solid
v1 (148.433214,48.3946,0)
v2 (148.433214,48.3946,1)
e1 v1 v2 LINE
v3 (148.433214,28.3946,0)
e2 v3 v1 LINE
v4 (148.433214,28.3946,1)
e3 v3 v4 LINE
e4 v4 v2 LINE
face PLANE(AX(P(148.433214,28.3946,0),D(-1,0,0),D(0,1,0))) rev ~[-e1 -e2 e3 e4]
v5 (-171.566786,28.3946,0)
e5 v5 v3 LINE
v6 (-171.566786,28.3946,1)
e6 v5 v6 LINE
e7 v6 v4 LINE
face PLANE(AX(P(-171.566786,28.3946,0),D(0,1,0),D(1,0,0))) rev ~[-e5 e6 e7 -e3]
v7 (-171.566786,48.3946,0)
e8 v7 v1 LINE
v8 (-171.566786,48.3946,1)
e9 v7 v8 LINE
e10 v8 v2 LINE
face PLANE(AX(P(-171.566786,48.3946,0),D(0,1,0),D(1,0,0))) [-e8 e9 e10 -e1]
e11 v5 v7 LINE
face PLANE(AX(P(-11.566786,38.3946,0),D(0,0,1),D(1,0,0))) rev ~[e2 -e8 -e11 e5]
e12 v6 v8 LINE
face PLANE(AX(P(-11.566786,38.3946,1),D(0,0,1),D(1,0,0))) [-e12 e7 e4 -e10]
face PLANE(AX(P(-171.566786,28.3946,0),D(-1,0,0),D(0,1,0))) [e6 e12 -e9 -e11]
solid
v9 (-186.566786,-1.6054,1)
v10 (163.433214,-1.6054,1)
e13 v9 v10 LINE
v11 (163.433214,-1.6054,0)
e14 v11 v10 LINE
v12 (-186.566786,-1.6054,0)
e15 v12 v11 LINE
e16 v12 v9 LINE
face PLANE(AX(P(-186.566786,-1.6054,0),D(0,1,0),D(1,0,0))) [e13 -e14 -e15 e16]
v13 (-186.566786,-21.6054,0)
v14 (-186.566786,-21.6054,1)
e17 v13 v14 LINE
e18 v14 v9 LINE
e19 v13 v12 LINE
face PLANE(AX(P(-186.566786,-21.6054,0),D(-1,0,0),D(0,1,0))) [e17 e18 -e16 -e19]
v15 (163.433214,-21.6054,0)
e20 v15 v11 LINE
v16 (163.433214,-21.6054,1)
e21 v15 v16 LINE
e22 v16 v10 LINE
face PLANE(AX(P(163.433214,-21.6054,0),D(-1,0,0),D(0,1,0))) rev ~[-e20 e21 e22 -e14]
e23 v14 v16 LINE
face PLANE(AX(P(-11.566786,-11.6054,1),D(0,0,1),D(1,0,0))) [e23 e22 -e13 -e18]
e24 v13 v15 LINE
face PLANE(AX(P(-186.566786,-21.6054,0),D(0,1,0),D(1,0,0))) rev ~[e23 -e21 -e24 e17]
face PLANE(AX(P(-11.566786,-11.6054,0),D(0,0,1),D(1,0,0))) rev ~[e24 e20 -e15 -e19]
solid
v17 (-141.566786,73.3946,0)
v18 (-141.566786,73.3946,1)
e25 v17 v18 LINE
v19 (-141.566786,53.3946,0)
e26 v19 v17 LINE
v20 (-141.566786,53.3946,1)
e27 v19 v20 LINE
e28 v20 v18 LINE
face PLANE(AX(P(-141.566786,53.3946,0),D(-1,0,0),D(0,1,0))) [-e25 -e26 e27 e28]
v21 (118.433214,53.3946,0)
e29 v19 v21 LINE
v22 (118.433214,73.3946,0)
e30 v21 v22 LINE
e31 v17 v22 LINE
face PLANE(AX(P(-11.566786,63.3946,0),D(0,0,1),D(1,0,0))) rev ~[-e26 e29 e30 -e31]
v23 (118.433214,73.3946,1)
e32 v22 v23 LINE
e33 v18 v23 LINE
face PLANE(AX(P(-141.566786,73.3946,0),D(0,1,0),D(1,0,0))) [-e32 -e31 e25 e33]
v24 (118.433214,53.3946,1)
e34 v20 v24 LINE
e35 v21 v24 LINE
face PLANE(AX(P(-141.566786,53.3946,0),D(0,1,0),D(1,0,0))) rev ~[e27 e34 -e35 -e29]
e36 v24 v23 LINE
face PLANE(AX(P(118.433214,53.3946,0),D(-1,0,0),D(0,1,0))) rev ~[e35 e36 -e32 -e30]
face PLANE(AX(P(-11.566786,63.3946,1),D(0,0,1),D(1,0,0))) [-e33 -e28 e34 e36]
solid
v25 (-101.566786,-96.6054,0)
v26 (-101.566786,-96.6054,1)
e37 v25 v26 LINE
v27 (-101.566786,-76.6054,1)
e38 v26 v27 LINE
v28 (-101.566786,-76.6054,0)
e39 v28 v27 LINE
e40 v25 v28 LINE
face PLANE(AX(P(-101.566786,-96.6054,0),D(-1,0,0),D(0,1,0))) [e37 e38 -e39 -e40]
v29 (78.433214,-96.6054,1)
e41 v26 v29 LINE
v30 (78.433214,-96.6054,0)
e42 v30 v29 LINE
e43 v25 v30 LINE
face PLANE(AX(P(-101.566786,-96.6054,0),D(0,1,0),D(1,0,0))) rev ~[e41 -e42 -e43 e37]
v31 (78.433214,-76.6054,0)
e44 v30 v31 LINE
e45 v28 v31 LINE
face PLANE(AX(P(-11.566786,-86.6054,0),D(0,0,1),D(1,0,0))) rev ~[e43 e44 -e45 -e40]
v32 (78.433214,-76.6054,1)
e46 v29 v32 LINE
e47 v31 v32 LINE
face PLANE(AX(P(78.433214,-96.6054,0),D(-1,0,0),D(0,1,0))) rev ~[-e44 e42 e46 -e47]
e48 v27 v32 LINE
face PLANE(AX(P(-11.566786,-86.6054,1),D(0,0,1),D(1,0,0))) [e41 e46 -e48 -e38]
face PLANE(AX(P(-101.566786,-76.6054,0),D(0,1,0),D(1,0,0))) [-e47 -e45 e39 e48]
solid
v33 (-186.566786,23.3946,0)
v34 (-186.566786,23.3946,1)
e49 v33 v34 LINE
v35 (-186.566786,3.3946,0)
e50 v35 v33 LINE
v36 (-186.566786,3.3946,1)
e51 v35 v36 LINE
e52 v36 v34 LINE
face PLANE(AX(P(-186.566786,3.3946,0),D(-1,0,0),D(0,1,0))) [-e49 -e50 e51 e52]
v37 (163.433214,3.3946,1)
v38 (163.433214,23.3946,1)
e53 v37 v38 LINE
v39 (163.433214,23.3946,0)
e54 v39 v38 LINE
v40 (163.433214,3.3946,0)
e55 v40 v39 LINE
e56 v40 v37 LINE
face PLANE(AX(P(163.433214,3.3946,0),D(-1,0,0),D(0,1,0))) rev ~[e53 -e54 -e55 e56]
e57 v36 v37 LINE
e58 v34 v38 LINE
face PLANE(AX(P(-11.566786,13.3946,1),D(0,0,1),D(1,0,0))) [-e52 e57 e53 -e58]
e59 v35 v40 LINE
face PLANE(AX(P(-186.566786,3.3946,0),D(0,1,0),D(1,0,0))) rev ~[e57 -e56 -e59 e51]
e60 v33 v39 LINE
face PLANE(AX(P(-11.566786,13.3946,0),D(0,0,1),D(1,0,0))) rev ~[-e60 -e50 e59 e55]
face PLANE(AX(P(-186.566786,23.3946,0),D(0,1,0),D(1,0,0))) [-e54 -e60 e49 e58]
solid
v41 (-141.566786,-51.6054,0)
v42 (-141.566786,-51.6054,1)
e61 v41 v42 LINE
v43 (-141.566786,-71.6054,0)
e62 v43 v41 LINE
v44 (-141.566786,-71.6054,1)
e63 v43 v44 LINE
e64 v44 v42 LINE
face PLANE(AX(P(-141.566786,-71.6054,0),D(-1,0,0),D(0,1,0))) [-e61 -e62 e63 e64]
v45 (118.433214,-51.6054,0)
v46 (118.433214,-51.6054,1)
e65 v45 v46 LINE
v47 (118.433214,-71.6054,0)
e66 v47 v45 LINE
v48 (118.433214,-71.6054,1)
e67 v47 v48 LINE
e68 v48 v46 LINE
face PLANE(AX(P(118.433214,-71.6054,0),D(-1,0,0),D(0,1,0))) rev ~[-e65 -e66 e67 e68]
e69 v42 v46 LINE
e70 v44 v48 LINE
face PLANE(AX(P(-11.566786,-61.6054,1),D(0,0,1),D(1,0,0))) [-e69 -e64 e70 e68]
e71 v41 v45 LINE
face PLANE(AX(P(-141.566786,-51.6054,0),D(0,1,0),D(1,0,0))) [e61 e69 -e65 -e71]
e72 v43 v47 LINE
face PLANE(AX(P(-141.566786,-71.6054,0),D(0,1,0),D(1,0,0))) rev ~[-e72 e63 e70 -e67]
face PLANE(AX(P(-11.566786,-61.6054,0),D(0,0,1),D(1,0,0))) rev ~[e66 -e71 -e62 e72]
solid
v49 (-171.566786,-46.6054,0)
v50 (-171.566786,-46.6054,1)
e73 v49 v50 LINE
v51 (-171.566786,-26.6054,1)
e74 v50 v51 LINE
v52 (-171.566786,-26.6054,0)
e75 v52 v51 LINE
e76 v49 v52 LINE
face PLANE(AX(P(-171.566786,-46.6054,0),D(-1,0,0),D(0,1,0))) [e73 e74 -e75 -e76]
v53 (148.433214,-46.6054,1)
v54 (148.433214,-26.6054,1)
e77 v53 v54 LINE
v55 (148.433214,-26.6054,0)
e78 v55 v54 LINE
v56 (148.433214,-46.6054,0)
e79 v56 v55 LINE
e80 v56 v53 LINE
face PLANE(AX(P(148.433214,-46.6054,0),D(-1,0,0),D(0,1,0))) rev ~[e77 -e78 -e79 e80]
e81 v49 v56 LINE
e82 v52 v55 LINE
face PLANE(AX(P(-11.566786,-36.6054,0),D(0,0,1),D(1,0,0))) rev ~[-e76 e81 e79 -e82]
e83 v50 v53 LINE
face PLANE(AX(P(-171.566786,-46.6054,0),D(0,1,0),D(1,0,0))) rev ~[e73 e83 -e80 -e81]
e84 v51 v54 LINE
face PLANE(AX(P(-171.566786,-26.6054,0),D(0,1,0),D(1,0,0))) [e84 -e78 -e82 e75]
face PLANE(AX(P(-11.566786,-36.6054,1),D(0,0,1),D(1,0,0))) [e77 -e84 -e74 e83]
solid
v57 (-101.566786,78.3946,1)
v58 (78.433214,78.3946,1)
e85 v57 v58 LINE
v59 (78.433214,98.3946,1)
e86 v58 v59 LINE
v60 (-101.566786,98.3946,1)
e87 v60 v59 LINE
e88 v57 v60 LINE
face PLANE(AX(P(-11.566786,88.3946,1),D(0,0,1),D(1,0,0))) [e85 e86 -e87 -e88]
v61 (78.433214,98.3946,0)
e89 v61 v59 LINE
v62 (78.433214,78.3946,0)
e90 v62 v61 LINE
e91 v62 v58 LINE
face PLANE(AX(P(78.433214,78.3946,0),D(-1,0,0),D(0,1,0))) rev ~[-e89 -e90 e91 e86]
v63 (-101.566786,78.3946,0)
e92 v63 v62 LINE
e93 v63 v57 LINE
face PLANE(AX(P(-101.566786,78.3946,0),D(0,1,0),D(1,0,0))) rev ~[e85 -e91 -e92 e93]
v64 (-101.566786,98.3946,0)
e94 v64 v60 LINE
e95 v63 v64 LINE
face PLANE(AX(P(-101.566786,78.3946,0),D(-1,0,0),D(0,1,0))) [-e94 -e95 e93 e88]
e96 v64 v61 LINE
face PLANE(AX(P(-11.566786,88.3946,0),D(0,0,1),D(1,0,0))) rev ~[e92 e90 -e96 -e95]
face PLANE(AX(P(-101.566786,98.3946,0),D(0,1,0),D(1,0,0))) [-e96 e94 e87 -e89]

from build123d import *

# Parameters (mm, degrees)
ESQUISSE1_W          = 350
ESQUISSE1_H          = 20
BOSS_EXTRU_1_DEPTH   = 1
ESQUISSE1_W_2        = 320
BOSS_EXTRU_1_2_DEPTH = 1
ESQUISSE1_W_3        = 260
BOSS_EXTRU_1_3_DEPTH = 1
ESQUISSE1_W_4        = 180
BOSS_EXTRU_1_4_DEPTH = 1
BOSS_EXTRU_1_5_DEPTH = 1
BOSS_EXTRU_1_6_DEPTH = 1
BOSS_EXTRU_1_7_DEPTH = 1
BOSS_EXTRU_1_8_DEPTH = 1


with BuildPart() as part:
    # Esquisse1 → Boss.-Extru.1 (new body)
    with BuildSketch(Plane.XY):
        with Locations((-11.56678578, 13.394600175)):
            Rectangle(ESQUISSE1_W, ESQUISSE1_H)
    extrude(amount=BOSS_EXTRU_1_DEPTH)


with BuildPart() as body_2:
    # Esquisse1 → Boss.-Extru.1 2 (new body)
    with BuildSketch(Plane.XY):
        with Locations((-11.56678578, 38.394600175)):
            Rectangle(ESQUISSE1_W_2, ESQUISSE1_H)
    extrude(amount=BOSS_EXTRU_1_2_DEPTH)


with BuildPart() as body_3:
    # Esquisse1 → Boss.-Extru.1 3 (new body)
    with BuildSketch(Plane.XY):
        with Locations((-11.56678578, 63.394600175)):
            Rectangle(ESQUISSE1_W_3, ESQUISSE1_H)
    extrude(amount=BOSS_EXTRU_1_3_DEPTH)


with BuildPart() as body_4:
    # Esquisse1 → Boss.-Extru.1 4 (new body)
    with BuildSketch(Plane.XY):
        with Locations((-11.56678578, 88.394600175)):
            Rectangle(ESQUISSE1_W_4, ESQUISSE1_H)
    extrude(amount=BOSS_EXTRU_1_4_DEPTH)


with BuildPart() as body_5:
    # Esquisse1 → Boss.-Extru.1 5 (new body)
    with BuildSketch(Plane.XY):
        with Locations((-11.56678578, -11.605399825)):
            Rectangle(ESQUISSE1_W, ESQUISSE1_H)
    extrude(amount=BOSS_EXTRU_1_5_DEPTH)


with BuildPart() as body_6:
    # Esquisse1 → Boss.-Extru.1 6 (new body)
    with BuildSketch(Plane.XY):
        with Locations((-11.56678578, -36.605399825)):
            Rectangle(ESQUISSE1_W_2, ESQUISSE1_H)
    extrude(amount=BOSS_EXTRU_1_6_DEPTH)


with BuildPart() as body_7:
    # Esquisse1 → Boss.-Extru.1 7 (new body)
    with BuildSketch(Plane.XY):
        with Locations((-11.56678578, -61.605399825)):
            Rectangle(ESQUISSE1_W_3, ESQUISSE1_H)
    extrude(amount=BOSS_EXTRU_1_7_DEPTH)


with BuildPart() as body_8:
    # Esquisse1 → Boss.-Extru.1 8 (new body)
    with BuildSketch(Plane.XY):
        with Locations((-11.56678578, -86.605399825)):
            Rectangle(ESQUISSE1_W_4, ESQUISSE1_H)
    extrude(amount=BOSS_EXTRU_1_8_DEPTH)


solid = Compound([part.part, body_2.part, body_3.part, body_4.part, body_5.part, body_6.part, body_7.part, body_8.part])
